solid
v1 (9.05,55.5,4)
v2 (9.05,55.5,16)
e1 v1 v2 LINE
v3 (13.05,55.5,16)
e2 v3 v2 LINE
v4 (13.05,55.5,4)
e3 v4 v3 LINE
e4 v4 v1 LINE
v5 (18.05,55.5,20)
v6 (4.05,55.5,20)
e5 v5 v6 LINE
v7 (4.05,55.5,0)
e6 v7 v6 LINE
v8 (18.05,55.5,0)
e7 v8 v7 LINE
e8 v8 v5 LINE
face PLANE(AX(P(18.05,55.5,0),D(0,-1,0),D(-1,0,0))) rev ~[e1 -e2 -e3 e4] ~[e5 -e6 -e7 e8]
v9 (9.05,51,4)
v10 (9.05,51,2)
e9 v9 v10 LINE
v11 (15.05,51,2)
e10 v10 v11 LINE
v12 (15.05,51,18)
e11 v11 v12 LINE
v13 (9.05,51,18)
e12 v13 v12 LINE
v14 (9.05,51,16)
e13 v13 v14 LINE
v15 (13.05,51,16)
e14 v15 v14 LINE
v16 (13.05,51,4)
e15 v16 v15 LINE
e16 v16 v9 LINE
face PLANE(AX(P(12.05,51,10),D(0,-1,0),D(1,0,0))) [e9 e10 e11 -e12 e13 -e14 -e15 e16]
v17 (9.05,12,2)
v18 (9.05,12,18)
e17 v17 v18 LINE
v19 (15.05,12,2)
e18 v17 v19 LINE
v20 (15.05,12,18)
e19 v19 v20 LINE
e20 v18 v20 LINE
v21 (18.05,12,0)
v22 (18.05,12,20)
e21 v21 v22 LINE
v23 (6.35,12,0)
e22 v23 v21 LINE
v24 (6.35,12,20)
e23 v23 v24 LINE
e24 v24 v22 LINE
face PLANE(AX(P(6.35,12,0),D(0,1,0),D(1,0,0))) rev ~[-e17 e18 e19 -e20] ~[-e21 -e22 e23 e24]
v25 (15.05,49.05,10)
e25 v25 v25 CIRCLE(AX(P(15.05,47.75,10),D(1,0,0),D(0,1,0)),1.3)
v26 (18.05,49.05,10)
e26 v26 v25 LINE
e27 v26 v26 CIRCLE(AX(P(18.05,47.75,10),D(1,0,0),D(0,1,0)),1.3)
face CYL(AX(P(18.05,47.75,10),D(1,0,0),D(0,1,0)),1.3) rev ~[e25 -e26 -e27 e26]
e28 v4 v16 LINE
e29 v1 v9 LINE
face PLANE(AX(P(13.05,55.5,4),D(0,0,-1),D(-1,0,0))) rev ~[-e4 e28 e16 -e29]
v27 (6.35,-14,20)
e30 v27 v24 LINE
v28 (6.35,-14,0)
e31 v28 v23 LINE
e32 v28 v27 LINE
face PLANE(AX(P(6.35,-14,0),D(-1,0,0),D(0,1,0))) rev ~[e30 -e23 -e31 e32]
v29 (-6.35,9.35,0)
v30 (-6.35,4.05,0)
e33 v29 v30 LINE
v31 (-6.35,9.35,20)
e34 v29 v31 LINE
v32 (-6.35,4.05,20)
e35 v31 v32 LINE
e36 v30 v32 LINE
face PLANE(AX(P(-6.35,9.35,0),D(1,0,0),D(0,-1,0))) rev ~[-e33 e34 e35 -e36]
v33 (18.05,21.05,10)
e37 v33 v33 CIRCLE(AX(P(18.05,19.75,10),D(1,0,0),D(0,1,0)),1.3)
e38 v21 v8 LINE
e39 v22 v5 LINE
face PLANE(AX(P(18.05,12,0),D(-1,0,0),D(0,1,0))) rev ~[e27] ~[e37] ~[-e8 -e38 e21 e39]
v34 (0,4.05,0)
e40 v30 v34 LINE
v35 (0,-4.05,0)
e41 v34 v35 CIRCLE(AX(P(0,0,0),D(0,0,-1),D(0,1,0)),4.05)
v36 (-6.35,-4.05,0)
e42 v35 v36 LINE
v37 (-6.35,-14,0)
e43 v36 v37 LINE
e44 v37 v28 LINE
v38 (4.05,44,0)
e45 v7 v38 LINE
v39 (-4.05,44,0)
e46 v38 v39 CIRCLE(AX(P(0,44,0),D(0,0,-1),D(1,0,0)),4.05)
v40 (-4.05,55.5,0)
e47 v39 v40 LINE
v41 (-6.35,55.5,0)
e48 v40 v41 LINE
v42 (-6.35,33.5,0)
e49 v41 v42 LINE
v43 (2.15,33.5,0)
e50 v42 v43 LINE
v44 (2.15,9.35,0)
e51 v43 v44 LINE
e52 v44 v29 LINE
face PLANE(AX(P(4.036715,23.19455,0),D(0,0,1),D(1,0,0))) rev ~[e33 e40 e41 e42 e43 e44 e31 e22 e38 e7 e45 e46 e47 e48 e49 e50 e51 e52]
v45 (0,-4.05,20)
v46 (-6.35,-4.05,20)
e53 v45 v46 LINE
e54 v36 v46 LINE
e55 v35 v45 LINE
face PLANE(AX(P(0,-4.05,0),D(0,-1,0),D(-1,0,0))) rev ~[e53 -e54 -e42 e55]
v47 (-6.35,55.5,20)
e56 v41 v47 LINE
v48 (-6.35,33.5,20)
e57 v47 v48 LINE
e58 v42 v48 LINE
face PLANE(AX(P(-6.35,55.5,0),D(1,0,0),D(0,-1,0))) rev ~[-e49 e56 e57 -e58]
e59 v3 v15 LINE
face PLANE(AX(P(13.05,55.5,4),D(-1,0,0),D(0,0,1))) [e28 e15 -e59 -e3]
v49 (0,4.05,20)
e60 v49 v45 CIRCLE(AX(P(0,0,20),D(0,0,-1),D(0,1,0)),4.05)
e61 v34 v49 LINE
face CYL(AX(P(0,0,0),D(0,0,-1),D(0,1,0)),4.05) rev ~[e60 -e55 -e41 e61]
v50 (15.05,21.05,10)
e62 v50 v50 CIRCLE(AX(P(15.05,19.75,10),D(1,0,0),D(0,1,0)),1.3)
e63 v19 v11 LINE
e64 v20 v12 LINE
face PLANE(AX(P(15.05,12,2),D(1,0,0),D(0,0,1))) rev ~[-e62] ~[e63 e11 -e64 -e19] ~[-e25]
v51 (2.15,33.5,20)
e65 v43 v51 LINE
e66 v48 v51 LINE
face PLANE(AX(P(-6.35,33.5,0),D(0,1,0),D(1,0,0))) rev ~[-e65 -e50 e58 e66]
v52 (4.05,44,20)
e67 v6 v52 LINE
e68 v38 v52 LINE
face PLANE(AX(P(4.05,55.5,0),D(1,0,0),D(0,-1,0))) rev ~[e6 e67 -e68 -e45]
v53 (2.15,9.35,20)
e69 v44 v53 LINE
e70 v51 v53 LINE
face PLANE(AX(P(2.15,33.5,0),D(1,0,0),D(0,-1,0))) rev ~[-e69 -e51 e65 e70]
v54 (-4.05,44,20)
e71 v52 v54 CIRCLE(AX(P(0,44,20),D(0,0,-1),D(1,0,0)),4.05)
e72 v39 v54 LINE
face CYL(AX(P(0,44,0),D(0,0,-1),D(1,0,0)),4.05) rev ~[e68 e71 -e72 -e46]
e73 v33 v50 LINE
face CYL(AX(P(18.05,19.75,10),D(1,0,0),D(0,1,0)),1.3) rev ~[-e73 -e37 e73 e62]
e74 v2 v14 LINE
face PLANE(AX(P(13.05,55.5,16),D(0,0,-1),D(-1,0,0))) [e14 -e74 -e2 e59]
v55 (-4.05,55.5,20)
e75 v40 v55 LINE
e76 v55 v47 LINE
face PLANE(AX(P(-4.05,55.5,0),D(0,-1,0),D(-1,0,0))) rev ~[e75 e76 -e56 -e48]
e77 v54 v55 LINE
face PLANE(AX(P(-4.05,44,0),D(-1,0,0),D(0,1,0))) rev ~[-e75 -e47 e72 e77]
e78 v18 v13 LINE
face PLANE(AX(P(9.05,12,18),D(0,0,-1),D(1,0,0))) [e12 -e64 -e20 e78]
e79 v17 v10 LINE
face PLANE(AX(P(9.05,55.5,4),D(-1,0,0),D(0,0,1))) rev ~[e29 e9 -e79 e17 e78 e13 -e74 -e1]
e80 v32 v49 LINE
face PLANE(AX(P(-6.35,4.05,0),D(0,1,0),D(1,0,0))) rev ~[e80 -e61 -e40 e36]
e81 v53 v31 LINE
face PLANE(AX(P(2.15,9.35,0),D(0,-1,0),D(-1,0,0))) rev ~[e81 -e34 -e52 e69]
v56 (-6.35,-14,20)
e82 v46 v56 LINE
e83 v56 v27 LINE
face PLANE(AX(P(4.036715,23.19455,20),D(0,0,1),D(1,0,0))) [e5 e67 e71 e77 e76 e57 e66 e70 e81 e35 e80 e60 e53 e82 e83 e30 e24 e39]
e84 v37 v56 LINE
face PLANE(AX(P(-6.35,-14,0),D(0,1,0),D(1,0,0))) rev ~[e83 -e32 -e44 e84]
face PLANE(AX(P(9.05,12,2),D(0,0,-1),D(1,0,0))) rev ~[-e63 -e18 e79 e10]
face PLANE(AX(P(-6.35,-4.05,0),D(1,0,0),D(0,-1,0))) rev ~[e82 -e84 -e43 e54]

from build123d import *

# Parameters (mm, degrees)
F1_DEPTH = 20
F2_W     = 4
F2_H     = 12
F3_DEPTH = 59
F4_W     = 6
F4_H     = 2
F5_DEPTH = 39
F6_R     = 1.3
F7_DEPTH = 7.3


with BuildPart() as f1:
    # F0 (on Top) → F1 (new body)
    with BuildSketch(Plane.XY):
        with BuildLine():
            ThreePointArc((0, 4.05), (4.05, 0), (0, -4.05))
            Line((0, -4.05), (-6.35, -4.05))
            Line((-6.35, -4.05), (-6.35, -14))
            Line((-6.35, -14), (6.35, -14))
            Line((6.35, -14), (6.35, 12))
            Line((6.35, 12), (18.05, 12))
            Line((18.05, 12), (18.05, 55.5))
            Line((18.05, 55.5), (6.35, 55.5))
            Line((6.35, 55.5), (4.05, 55.5))
            Line((4.05, 55.5), (4.05, 44))
            ThreePointArc((4.05, 44), (0, 39.95), (-4.05, 44))
            Line((-4.05, 44), (-4.05, 55.5))
            Line((-4.05, 55.5), (-6.35, 55.5))
            Line((-6.35, 55.5), (-6.35, 33.5))
            Line((-6.35, 33.5), (2.15, 33.5))
            Line((2.15, 33.5), (2.15, 32.5))
            Line((2.15, 32.5), (2.15, 9.35))
            Line((2.15, 9.35), (-6.35, 9.35))
            Line((-6.35, 9.35), (-6.35, 4.05))
            Line((-6.35, 4.05), (0, 4.05))
        make_face()
    extrude(amount=F1_DEPTH)

    # F2 (on face) → F3 (cut)
    with BuildSketch(Plane(origin=(0, 55.5, 0), x_dir=(-1, 0, 0), z_dir=(0, 1, 0))):
        with Locations((-11.05, 10)):
            Rectangle(F2_W, F2_H)
    extrude(amount=-F3_DEPTH, mode=Mode.SUBTRACT)

    # F4 (on face) → F5 (cut)
    with BuildSketch(Plane.XZ.offset(-12)):
        Polygon((15.05, 16), (9.05, 16), (9.05, 10), (9.05, 4), (15.05, 4), align=None)
        with Locations((12.05, 3)):
            Rectangle(F4_W, F4_H)
        with Locations((12.05, 17)):
            Rectangle(F4_W, F4_H)
    extrude(amount=-F5_DEPTH, mode=Mode.SUBTRACT)

    # F6 (on face) → F7 (cut)
    with BuildSketch(Plane.YZ.offset(18.05)):
        with Locations((47.75, 10)):
            Circle(F6_R)
        with Locations((19.75, 10)):
            Circle(F6_R)
    extrude(amount=-F7_DEPTH, mode=Mode.SUBTRACT)


solid = f1.part
